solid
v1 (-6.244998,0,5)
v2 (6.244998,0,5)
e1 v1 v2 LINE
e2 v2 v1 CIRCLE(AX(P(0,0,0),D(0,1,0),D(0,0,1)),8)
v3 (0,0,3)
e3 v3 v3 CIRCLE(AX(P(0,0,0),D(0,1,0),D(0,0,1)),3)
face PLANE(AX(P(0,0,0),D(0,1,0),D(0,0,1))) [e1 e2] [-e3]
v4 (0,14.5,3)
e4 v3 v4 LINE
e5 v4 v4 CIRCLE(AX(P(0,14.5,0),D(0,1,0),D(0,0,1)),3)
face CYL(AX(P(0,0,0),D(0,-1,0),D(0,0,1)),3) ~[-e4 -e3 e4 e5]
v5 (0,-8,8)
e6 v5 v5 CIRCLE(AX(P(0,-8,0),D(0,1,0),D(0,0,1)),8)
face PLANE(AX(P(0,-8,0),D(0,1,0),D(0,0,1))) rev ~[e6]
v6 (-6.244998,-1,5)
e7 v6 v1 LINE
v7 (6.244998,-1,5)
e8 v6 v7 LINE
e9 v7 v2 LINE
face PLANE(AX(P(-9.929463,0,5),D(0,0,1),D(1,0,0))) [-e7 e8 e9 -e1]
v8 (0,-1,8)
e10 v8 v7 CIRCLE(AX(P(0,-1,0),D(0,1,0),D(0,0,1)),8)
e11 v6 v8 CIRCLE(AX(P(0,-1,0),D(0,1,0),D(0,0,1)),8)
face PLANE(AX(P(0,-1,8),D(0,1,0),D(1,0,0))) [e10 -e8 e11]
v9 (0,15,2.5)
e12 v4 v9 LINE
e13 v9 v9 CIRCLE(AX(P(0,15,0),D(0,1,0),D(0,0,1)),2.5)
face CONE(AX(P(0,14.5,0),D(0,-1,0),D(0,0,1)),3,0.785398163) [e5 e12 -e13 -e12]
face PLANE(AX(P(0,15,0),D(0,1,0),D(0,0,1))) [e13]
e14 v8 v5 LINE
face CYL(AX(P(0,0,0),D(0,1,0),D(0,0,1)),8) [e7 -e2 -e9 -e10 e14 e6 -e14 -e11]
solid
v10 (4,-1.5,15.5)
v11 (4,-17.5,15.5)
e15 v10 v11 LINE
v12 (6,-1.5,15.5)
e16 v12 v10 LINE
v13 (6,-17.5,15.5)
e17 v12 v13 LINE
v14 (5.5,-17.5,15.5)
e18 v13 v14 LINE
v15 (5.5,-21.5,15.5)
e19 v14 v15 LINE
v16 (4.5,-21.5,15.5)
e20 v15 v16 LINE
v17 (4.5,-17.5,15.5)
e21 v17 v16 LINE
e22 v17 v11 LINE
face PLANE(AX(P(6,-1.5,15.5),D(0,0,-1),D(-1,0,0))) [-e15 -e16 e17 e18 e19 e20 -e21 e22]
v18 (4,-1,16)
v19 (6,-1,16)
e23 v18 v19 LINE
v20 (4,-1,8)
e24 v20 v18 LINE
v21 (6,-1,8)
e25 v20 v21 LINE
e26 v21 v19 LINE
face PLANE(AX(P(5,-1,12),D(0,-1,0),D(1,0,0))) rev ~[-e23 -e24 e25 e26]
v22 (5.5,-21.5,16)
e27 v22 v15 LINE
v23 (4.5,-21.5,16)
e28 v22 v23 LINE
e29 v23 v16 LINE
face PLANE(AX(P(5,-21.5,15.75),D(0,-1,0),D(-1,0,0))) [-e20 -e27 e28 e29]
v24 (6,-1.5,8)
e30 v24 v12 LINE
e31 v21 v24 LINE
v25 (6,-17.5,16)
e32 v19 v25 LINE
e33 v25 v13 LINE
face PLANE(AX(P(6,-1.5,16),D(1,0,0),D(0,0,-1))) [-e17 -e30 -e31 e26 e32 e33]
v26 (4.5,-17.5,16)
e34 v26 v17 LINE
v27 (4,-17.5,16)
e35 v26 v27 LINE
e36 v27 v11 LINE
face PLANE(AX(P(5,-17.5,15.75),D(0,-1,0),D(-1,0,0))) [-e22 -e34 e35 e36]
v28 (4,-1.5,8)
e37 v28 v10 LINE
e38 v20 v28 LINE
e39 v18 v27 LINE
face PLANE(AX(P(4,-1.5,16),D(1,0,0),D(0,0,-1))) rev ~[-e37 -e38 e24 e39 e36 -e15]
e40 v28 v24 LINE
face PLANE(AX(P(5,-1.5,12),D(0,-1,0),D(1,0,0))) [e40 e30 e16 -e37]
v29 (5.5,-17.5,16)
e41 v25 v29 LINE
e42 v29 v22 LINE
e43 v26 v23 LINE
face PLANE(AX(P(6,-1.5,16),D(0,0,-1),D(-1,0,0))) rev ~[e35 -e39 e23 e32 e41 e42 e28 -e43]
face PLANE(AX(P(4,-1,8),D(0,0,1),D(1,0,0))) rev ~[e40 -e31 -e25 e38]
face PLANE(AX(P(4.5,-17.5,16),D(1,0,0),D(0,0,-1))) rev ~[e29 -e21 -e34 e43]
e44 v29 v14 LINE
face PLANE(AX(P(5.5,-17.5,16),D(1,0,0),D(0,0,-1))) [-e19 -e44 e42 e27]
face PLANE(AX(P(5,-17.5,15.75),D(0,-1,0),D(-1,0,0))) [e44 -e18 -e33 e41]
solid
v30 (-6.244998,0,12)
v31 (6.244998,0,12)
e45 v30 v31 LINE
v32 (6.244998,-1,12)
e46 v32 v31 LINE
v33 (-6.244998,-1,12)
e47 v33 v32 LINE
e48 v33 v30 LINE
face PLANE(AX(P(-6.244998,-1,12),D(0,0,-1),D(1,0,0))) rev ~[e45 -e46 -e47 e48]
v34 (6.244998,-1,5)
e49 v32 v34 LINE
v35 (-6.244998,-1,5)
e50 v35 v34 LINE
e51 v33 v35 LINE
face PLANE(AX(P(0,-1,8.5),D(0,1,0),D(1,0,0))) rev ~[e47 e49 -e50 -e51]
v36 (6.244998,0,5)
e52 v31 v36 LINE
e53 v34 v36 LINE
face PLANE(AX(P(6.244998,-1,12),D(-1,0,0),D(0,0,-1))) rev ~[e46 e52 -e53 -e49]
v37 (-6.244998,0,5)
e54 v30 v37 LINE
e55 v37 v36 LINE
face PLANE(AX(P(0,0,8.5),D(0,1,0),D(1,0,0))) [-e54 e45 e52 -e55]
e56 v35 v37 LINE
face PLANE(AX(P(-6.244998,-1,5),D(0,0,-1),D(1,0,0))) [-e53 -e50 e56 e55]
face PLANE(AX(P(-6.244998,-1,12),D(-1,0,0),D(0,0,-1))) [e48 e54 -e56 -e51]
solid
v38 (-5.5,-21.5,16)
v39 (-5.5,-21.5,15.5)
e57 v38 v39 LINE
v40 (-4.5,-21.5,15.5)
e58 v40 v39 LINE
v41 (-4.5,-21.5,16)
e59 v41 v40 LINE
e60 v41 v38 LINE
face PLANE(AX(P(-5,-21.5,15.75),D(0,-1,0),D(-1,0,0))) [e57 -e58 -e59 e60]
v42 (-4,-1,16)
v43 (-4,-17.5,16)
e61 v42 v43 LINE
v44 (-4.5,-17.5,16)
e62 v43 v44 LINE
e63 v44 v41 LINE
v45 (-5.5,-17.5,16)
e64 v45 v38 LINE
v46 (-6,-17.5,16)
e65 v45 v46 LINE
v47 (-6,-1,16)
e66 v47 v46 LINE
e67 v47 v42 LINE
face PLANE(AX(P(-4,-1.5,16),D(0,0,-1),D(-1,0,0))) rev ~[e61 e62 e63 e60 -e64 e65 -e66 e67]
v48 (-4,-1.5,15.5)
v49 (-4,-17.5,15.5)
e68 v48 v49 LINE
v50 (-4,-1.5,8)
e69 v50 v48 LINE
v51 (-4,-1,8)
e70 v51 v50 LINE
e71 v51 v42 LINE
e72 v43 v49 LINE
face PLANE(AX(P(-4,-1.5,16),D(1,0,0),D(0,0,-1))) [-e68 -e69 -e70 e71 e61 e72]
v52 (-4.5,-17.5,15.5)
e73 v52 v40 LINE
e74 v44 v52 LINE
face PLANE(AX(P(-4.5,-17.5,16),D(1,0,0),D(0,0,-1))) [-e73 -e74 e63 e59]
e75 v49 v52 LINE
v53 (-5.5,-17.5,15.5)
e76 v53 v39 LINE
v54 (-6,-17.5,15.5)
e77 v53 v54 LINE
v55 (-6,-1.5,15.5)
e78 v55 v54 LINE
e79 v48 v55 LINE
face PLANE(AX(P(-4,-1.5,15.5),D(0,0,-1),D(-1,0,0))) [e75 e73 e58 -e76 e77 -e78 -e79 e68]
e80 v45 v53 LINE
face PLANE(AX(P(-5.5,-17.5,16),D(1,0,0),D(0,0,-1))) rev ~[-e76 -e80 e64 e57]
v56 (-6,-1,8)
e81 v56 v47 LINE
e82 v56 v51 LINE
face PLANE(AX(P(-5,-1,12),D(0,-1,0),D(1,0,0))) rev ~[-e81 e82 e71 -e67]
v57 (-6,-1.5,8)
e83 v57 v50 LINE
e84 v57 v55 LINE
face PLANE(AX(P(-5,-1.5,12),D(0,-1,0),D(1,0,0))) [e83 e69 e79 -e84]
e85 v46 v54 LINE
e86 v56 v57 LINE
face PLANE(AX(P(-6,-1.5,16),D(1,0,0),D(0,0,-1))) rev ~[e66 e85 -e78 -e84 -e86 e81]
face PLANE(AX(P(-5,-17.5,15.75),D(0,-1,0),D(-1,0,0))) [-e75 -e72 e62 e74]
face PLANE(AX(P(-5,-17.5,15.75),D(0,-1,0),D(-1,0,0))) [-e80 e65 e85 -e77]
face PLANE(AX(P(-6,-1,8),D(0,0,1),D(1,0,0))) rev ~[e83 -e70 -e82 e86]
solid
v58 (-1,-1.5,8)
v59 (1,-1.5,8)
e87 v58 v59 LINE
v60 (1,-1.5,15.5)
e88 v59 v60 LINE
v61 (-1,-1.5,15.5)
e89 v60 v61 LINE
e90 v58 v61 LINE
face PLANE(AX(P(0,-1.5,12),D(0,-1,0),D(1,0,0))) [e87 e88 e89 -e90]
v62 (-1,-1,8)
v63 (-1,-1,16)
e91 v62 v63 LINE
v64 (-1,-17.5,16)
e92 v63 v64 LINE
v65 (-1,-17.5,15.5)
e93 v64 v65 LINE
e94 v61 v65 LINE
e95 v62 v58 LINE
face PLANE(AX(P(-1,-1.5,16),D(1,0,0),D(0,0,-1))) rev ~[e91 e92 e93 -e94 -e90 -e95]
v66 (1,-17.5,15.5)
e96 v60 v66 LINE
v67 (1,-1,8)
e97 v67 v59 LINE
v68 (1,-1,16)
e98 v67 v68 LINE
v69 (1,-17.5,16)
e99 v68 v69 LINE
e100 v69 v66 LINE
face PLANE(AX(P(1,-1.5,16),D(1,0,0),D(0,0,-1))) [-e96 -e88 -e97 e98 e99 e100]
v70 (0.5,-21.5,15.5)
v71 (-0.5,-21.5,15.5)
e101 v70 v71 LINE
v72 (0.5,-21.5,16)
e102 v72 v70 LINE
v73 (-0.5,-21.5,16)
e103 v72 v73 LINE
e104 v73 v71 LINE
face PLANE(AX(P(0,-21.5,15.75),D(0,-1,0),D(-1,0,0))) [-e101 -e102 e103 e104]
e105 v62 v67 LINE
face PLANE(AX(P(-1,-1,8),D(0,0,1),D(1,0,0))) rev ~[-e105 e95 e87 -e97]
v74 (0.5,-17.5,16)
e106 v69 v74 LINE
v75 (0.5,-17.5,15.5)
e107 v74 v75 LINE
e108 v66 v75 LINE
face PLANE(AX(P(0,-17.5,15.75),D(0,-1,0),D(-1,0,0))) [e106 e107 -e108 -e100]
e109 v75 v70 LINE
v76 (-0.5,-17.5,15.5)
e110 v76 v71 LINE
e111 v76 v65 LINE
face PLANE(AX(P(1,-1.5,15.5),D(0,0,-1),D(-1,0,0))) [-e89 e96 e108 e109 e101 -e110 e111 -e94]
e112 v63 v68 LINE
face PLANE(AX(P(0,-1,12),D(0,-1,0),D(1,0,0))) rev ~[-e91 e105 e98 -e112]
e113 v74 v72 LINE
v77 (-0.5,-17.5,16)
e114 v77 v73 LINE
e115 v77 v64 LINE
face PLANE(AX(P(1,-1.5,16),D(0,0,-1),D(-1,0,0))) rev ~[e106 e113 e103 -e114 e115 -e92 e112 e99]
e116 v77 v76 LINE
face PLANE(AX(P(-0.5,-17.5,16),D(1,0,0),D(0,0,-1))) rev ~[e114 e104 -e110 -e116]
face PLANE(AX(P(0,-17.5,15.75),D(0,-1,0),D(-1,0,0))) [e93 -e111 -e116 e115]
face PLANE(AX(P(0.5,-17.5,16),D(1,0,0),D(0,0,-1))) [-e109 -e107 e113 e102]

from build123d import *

# Parameters (mm, degrees)
SKETCH1_R             = 8
BOSS_EXTRUDE1_DEPTH   = 8
SKETCH3_R             = 3
BOSS_EXTRUDE2_DEPTH   = 15
CHAMFER1_SIZE         = 0.5
SKETCH2_W             = 19.85892558
SKETCH2_H             = 6
CUT_EXTRUDE2_DEPTH    = 1
SKETCH4_W             = 12.489995996
SKETCH4_H             = 7
BOSS_EXTRUDE3_DEPTH   = 1
SKETCH5_W             = 2
SKETCH5_H             = 8
BOSS_EXTRUDE5_DEPTH   = 0.5
BOSS_EXTRUDE5_2_DEPTH = 0.5
BOSS_EXTRUDE5_3_DEPTH = 0.5
SKETCH6_W             = 2
SKETCH6_H             = 0.5
BOSS_EXTRUDE6_DEPTH   = 16
SKETCH7_W             = 1
SKETCH7_H             = 0.5
BOSS_EXTRUDE7_DEPTH   = 4


with BuildPart() as part:
    # Sketch1 → Boss-Extrude1 (new body)
    with BuildSketch(Plane(origin=(0, 0, 0), x_dir=(1, 0, 0), z_dir=(0, 1, 0))):
        with Locations(Location((0, 0, 0), (0, 0, 270))):
            Circle(SKETCH1_R)
    extrude(amount=-BOSS_EXTRUDE1_DEPTH)

    # Sketch3 → Boss-Extrude2 (add)
    with BuildSketch(Plane(origin=(0, 0, 0), x_dir=(1, 0, 0), z_dir=(0, 1, 0))):
        with Locations(Location((0, 0, 0), (0, 0, 270))):
            Circle(SKETCH3_R)
    extrude(amount=BOSS_EXTRUDE2_DEPTH)

    # Chamfer1
    chamfer1_edges = [part.edges().sort_by_distance(p)[0] for p in [
        (0, 15, -3),
    ]]
    chamfer(chamfer1_edges, length=CHAMFER1_SIZE)

    # Sketch2 → Cut-Extrude2 (cut)
    with BuildSketch(Plane(origin=(0, 0, 0), x_dir=(1, 0, 0), z_dir=(0, 1, 0))):
        with Locations((0, -8)):
            Rectangle(SKETCH2_W, SKETCH2_H)
    extrude(amount=-CUT_EXTRUDE2_DEPTH, mode=Mode.SUBTRACT)


with BuildPart() as body_2:
    # Sketch4 → Boss-Extrude3 (new body)
    with BuildSketch(Plane(origin=(0, -1, 0), x_dir=(1, 0, 0), z_dir=(0, 1, 0))):
        with Locations((0, -8.5)):
            Rectangle(SKETCH4_W, SKETCH4_H)
    extrude(amount=BOSS_EXTRUDE3_DEPTH)


with BuildPart() as body_3:
    # Sketch5 → Boss-Extrude5 (new body)
    with BuildSketch(Plane.XZ.offset(1)):
        with Locations((0, 12)):
            Rectangle(SKETCH5_W, SKETCH5_H)
    extrude(amount=BOSS_EXTRUDE5_DEPTH)



with BuildPart() as body_4:
    # Sketch5 → Boss-Extrude5 2 (new body)
    with BuildSketch(Plane.XZ.offset(1)):
        with Locations((-5, 12)):
            Rectangle(SKETCH5_W, SKETCH5_H)
    extrude(amount=BOSS_EXTRUDE5_2_DEPTH)


with BuildPart() as body_5:
    # Sketch5 → Boss-Extrude5 3 (new body)
    with BuildSketch(Plane.XZ.offset(1)):
        with Locations((5, 12)):
            Rectangle(SKETCH5_W, SKETCH5_H)
    extrude(amount=BOSS_EXTRUDE5_3_DEPTH)


with BuildPart() as body_3_1:
    add(body_3.part)

    add(body_4.part)  # Boss-Extrude6 merges body 4

    add(body_5.part)  # Boss-Extrude6 merges body 5
    # Sketch6 → Boss-Extrude6 (add)
    with BuildSketch(Plane(origin=(0, -1.5, 0), x_dir=(-1, 0, 0), z_dir=(0, -1, 0))):
        with Locations((5, -15.75)):
            Rectangle(SKETCH6_W, SKETCH6_H)
        with Locations((0, -15.75)):
            Rectangle(SKETCH6_W, SKETCH6_H)
        with Locations((-5, -15.75)):
            Rectangle(SKETCH6_W, SKETCH6_H)
    extrude(amount=BOSS_EXTRUDE6_DEPTH)

    # Sketch7 → Boss-Extrude7 (add)
    with BuildSketch(Plane(origin=(0, -17.5, 0), x_dir=(-1, 0, 0), z_dir=(0, -1, 0))):
        with Locations((0, -15.75)):
            Rectangle(SKETCH7_W, SKETCH7_H)
        with Locations((5, -15.75)):
            Rectangle(SKETCH7_W, SKETCH7_H)
        with Locations((-5, -15.75)):
            Rectangle(SKETCH7_W, SKETCH7_H)
    extrude(amount=BOSS_EXTRUDE7_DEPTH)


solid = Compound([part.part, body_2.part, body_3_1.part])
